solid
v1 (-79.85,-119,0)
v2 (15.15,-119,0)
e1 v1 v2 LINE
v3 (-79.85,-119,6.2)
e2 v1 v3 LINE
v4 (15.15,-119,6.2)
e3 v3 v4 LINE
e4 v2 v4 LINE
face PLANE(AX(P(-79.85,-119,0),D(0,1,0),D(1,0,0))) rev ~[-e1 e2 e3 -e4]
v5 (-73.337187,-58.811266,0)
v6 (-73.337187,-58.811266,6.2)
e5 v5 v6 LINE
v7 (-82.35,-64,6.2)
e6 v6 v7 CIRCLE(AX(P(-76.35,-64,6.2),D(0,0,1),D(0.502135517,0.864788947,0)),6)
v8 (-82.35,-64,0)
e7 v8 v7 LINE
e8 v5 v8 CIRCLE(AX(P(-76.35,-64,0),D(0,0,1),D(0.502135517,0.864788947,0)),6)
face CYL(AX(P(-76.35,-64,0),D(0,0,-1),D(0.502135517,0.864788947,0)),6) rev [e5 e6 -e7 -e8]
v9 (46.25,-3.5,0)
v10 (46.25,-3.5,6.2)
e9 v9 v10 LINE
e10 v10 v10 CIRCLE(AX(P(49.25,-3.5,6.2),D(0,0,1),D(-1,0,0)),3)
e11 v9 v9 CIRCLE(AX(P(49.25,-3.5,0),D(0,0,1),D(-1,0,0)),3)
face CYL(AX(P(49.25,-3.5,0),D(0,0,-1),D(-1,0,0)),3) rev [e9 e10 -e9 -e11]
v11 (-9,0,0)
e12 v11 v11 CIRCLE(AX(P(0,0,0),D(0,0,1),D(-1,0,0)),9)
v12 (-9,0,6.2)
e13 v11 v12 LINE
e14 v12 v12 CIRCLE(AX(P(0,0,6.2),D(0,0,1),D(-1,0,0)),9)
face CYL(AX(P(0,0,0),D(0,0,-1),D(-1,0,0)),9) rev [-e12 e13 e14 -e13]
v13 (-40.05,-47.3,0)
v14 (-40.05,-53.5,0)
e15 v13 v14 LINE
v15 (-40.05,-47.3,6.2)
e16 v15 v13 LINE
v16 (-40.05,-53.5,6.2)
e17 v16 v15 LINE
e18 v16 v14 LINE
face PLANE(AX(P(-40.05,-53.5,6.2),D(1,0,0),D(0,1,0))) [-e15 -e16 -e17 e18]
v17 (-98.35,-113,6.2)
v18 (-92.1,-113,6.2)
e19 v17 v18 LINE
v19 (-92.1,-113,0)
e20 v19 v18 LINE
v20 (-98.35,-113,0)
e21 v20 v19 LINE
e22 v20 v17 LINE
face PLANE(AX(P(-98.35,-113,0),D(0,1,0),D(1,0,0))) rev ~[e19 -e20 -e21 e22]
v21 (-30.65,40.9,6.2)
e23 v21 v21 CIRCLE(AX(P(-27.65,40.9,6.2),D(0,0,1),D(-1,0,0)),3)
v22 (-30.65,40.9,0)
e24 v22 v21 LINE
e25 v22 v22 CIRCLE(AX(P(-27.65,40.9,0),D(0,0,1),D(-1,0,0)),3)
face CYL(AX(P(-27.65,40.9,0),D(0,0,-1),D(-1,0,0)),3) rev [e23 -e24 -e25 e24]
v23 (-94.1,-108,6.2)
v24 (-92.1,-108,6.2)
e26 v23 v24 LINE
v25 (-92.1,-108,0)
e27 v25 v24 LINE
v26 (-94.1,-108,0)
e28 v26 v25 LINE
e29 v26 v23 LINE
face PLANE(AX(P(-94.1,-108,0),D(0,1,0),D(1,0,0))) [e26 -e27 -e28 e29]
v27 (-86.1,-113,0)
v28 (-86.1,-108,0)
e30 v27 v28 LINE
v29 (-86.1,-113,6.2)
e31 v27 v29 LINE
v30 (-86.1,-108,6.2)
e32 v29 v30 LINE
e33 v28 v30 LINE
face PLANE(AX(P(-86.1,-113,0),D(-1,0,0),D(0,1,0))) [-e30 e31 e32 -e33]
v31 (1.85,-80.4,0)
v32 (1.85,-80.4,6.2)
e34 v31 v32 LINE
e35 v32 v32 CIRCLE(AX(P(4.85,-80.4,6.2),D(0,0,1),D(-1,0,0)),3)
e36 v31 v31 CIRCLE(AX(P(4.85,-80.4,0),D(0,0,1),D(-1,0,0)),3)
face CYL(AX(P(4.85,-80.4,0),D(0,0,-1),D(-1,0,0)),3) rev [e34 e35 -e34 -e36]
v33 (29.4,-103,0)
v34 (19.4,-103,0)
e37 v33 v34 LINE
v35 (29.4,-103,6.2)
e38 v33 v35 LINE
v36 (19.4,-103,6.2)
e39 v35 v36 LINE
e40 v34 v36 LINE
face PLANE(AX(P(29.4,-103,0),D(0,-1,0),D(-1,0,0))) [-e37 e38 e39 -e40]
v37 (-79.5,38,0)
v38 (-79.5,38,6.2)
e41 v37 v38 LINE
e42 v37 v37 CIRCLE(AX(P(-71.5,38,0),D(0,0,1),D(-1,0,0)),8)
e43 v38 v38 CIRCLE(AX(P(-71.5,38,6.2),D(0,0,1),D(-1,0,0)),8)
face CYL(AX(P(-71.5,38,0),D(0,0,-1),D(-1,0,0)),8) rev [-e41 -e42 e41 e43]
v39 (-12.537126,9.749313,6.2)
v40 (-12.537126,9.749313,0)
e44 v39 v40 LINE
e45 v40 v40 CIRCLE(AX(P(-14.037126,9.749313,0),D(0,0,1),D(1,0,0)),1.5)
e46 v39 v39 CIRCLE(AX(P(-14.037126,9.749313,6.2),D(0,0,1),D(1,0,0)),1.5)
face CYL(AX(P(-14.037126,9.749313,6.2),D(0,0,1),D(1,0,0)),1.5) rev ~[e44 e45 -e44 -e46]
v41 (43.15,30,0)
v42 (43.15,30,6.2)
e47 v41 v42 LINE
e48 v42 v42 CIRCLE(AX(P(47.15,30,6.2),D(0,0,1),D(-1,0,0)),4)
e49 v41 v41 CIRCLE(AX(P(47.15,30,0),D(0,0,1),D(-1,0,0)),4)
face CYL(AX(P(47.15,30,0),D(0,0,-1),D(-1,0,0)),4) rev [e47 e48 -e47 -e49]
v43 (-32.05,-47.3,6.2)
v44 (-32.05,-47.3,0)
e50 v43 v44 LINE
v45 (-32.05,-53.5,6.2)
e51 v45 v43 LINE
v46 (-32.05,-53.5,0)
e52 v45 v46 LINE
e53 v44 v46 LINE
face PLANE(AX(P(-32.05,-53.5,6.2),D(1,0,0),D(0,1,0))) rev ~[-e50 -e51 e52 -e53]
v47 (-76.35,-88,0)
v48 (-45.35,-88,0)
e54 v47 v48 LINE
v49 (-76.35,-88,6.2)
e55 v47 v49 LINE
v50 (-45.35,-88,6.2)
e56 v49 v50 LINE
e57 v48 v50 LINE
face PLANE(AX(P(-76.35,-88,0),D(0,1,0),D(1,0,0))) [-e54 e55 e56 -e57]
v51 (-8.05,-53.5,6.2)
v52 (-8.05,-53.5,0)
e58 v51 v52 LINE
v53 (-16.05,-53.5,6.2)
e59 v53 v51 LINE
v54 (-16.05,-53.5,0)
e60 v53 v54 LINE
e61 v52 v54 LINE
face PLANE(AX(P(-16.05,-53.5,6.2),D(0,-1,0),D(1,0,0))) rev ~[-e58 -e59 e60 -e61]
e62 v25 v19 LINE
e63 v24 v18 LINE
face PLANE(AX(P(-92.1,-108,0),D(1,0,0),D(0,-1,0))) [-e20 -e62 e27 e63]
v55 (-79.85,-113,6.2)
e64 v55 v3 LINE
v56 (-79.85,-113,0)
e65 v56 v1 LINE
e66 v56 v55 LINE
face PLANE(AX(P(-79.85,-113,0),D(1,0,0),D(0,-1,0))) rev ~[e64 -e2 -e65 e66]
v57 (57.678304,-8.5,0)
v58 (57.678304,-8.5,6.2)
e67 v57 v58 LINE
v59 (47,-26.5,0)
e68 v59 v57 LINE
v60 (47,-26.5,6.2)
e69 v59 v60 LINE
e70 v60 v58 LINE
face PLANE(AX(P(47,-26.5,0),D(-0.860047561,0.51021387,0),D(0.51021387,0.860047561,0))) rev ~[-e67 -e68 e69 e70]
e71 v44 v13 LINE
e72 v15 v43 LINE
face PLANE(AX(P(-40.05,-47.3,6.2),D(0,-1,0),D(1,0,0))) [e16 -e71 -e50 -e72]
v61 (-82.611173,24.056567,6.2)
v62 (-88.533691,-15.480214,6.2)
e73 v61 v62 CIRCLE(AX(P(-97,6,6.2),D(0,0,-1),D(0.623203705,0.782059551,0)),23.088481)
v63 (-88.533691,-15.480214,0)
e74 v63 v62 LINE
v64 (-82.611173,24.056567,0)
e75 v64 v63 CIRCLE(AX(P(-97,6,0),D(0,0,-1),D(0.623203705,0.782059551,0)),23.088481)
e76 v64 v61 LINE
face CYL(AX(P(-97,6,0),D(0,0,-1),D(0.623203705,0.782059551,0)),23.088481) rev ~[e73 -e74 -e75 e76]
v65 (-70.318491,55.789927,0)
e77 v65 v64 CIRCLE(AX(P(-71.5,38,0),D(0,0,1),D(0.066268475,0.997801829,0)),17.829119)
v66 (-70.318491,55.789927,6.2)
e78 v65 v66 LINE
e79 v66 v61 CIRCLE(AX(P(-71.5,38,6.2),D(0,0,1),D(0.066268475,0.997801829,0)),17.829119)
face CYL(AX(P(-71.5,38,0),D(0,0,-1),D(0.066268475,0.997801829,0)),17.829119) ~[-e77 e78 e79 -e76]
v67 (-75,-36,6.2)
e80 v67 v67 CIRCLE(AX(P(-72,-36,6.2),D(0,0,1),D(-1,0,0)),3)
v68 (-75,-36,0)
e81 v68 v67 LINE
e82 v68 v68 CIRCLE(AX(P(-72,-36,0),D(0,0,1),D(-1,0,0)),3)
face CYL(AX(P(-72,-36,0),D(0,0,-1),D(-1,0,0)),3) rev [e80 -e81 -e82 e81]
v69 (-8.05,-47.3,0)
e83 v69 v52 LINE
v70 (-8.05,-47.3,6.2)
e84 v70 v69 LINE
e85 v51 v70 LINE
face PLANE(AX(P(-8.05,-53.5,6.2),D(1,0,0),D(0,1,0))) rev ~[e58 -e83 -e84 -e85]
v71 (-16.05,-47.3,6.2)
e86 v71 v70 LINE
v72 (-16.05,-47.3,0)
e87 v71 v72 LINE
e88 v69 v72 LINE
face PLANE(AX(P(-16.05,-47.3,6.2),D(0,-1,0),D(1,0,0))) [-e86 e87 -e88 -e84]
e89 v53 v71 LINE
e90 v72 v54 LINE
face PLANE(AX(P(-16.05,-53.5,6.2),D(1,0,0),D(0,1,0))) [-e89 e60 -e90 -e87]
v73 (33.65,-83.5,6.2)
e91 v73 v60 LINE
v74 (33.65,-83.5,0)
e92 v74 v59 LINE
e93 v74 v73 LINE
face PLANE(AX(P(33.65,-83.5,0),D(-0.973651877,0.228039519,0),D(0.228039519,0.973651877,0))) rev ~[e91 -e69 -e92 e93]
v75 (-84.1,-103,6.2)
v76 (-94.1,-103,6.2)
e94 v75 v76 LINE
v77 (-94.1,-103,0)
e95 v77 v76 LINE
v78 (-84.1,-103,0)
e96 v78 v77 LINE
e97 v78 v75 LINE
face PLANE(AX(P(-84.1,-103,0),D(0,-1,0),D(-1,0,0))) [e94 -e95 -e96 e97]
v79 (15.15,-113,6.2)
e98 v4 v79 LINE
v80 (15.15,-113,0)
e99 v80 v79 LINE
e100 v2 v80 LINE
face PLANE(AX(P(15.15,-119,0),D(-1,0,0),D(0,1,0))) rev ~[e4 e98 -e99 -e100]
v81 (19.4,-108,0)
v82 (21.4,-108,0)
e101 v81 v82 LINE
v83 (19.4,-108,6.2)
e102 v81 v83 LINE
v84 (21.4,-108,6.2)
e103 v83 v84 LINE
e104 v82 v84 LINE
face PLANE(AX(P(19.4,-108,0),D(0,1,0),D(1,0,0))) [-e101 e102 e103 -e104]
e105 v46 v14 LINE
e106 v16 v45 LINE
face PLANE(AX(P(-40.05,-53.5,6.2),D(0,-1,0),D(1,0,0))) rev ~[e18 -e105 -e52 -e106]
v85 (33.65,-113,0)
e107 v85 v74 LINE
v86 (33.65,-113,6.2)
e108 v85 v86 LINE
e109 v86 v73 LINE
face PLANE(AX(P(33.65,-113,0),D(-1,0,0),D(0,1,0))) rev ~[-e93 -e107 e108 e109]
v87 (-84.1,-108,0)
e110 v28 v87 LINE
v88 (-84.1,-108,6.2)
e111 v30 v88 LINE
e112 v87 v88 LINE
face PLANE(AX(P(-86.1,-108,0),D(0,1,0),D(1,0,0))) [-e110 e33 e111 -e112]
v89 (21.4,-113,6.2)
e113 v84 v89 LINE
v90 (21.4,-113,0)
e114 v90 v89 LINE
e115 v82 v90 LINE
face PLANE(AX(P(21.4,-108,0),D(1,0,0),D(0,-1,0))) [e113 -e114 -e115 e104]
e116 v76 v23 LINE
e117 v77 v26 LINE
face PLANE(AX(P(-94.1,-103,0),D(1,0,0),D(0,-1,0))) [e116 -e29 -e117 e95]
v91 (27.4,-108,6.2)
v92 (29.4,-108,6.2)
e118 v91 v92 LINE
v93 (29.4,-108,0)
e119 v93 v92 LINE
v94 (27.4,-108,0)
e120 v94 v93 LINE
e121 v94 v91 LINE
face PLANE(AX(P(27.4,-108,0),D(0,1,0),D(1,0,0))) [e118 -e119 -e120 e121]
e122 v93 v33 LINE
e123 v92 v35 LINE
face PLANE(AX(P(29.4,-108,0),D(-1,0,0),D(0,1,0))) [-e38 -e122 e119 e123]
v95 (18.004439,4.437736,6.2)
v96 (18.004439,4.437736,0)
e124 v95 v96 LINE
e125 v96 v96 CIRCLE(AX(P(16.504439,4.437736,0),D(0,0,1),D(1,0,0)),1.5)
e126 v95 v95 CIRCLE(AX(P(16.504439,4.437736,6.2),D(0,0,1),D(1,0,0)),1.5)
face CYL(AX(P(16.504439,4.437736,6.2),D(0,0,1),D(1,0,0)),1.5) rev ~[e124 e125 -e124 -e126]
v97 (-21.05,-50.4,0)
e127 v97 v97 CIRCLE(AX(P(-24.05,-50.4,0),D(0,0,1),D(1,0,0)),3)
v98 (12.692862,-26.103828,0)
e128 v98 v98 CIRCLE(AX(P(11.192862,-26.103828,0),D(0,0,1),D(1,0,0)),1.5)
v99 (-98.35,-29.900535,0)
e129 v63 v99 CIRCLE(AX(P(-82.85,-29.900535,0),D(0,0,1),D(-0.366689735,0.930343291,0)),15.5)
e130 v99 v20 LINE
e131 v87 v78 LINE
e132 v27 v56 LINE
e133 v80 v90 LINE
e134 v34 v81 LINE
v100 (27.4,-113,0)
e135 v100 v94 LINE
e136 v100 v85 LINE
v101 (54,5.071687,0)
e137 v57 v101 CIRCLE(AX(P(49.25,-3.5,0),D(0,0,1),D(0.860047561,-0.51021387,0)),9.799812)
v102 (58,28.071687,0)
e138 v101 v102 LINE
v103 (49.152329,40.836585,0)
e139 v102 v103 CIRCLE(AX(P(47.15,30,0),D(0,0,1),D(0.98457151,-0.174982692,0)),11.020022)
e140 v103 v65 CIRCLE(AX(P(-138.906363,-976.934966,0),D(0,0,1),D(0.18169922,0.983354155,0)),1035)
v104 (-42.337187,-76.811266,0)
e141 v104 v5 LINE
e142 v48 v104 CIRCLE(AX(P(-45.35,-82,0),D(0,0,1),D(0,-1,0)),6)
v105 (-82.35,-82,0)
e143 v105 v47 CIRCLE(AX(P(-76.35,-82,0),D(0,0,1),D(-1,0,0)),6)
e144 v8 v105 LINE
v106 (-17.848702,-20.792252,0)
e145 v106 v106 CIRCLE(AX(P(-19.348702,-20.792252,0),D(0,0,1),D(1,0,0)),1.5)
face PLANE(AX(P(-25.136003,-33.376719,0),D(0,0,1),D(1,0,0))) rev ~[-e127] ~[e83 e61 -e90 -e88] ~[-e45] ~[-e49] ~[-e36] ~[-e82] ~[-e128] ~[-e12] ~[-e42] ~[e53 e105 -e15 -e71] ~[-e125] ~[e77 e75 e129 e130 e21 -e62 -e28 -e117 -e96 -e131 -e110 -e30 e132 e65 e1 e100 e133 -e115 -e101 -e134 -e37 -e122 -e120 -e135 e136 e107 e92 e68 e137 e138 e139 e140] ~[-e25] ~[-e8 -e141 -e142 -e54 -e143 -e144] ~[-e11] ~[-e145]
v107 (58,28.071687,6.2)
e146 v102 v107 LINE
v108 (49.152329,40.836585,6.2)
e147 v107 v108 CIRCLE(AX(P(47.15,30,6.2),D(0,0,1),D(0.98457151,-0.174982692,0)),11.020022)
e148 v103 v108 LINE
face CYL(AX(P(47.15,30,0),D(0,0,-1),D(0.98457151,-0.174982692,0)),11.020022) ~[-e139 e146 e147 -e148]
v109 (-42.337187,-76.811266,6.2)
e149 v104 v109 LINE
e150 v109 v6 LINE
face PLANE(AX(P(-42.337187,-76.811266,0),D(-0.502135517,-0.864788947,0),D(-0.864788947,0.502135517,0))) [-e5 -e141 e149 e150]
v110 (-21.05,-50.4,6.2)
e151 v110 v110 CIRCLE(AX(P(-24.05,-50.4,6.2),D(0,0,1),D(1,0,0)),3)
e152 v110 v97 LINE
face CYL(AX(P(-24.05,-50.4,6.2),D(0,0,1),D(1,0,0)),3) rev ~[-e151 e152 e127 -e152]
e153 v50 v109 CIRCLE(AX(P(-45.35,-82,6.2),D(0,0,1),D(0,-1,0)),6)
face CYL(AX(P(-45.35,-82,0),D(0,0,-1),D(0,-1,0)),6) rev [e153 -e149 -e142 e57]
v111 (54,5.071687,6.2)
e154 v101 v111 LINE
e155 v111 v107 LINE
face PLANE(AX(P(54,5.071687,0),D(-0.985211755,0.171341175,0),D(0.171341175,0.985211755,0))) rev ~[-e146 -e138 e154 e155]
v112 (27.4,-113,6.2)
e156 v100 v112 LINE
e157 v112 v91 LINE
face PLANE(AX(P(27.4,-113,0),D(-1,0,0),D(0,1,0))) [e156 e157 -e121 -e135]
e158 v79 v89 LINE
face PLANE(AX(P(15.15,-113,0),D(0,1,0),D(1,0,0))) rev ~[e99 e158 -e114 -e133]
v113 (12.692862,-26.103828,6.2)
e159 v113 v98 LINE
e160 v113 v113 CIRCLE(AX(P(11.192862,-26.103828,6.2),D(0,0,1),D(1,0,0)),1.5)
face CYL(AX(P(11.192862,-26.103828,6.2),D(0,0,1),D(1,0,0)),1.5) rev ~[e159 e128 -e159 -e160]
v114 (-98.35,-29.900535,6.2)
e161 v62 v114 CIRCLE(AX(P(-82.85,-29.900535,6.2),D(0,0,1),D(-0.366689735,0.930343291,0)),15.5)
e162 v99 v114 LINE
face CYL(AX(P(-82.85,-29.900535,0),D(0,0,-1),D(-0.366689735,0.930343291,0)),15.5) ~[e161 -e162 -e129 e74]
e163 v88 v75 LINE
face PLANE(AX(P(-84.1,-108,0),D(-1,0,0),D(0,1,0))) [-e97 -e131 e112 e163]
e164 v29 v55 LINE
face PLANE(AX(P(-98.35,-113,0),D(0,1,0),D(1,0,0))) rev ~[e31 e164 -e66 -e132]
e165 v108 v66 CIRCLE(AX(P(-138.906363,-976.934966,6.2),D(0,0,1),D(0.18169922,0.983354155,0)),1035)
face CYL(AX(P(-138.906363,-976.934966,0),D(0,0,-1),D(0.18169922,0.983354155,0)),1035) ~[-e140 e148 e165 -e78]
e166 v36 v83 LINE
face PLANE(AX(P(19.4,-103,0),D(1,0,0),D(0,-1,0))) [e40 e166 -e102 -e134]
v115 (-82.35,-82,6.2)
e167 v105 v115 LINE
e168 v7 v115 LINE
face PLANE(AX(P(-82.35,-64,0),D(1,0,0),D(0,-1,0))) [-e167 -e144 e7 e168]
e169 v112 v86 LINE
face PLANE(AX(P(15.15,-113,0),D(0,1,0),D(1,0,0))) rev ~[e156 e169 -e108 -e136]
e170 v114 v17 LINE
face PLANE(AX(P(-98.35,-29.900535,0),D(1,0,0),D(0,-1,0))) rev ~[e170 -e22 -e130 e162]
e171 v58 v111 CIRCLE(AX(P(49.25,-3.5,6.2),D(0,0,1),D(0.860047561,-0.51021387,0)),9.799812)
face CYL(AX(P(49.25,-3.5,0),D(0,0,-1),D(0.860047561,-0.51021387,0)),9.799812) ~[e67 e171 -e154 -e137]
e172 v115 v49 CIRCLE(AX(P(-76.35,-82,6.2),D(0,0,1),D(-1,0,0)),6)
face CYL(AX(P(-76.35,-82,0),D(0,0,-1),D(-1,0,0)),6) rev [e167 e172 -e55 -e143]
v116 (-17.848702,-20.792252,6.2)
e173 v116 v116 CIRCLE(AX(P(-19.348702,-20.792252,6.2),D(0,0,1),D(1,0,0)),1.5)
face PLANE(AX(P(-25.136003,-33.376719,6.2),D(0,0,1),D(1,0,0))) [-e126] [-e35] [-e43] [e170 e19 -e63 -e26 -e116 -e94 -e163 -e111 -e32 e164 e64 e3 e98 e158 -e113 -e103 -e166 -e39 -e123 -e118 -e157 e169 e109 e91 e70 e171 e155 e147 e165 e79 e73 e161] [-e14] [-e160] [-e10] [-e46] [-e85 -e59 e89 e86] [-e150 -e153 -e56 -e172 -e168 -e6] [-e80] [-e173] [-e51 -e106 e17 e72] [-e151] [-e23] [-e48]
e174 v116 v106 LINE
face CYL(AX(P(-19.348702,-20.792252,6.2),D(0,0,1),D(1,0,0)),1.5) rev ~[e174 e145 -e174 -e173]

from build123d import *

# Parameters (mm, degrees)
SKETCH1_R           = 4
SKETCH1_R_2         = 8
SKETCH1_R_3         = 3
SKETCH1_R_4         = 9
BOSS_EXTRUDE1_DEPTH = 6.2
CUT_EXTRUDE1_REACH  = 156.506
SKETCH2_R           = 1.5
CUT_EXTRUDE2_REACH  = 156.506
CUT_EXTRUDE3_REACH  = 156.506
SKETCH4_R           = 3
SKETCH4_W           = 8
SKETCH4_H           = 6.2


with BuildPart() as part:
    # Sketch1 → Boss-Extrude1 (new body)
    with BuildSketch(Plane.XY):
        with BuildLine():
            Line((33.65, -83.5), (47, -26.5))
            Line((47, -26.5), (57.678304402, -8.5))
            ThreePointArc((57.678304402, -8.5), (58.708572703, -0.936463864), (54, 5.071686829))
            Line((54, 5.071686829), (58, 28.071686829))
            ThreePointArc((58, 28.071686829), (56.207110337, 36.277710094), (49.152329455, 40.836584722))
            ThreePointArc((49.152329455, 40.836584722), (-10.365453902, 50.052003716), (-70.318491494, 55.789927265))
            ThreePointArc((-70.318491494, 55.789927265), (-88.125314746, 44.440216148), (-82.611172846, 24.056567409))
            ThreePointArc((-82.611172846, 24.056567409), (-74.166284142, 2.579562371), (-88.533690885, -15.480213766))
            ThreePointArc((-88.533690885, -15.480213766), (-95.663024793, -21.178356395), (-98.35, -29.900534772))
            Line((-98.35, -29.900534772), (-98.35, -113))
            Line((-98.35, -113), (-79.85, -113))
            Line((-79.85, -113), (-79.85, -119))
            Line((-79.85, -119), (15.15, -119))
            Line((15.15, -119), (15.15, -113))
            Line((15.15, -113), (33.65, -113))
            Line((33.65, -113), (33.65, -83.5))
        make_face()
        with Locations(Location((47.15, 30, 0), (0, 0, 180))):
            Circle(SKETCH1_R, mode=Mode.SUBTRACT)
        with Locations(Location((-71.5, 38, 0), (0, 0, 180))):
            Circle(SKETCH1_R_2, mode=Mode.SUBTRACT)
        with Locations(Location((-27.65, 40.9, 0), (0, 0, 180))):
            Circle(SKETCH1_R_3, mode=Mode.SUBTRACT)
        with Locations(Location((4.85, -80.4, 0), (0, 0, 180))):
            Circle(SKETCH1_R_3, mode=Mode.SUBTRACT)
        with Locations(Location((49.25, -3.5, 0), (0, 0, 180))):
            Circle(SKETCH1_R_3, mode=Mode.SUBTRACT)
        with Locations(Location((-72, -36, 0), (0, 0, 180))):
            Circle(SKETCH1_R_3, mode=Mode.SUBTRACT)
        with Locations(Location((0, 0, 0), (0, 0, 180))):
            Circle(SKETCH1_R_4, mode=Mode.SUBTRACT)
        with BuildLine():
            Line((-82.35, -64), (-82.35, -82))
            ThreePointArc((-82.35, -82), (-80.592640687, -86.242640687), (-76.35, -88))
            Line((-76.35, -88), (-45.35, -88))
            ThreePointArc((-45.35, -88), (-39.556365472, -83.560063768), (-42.337186896, -76.81126632))
            Line((-42.337186896, -76.81126632), (-73.337186896, -58.81126632))
            ThreePointArc((-73.337186896, -58.81126632), (-79.343586593, -58.800150068), (-82.35, -64))
        make_face(mode=Mode.SUBTRACT)
    extrude(amount=BOSS_EXTRUDE1_DEPTH)

    # Sketch2 → Cut-Extrude1 (cut, up to next)
    with BuildSketch(Plane.XY.offset(6.2), mode=Mode.PRIVATE) as cut_extrude1_sk1:
        with Locations((-19.348702159, -20.792251556)):
            Circle(SKETCH2_R)
    cut_extrude1_tool1 = extrude(cut_extrude1_sk1.sketch, amount=-CUT_EXTRUDE1_REACH, mode=Mode.PRIVATE) & part.part
    # Sketch2 → Cut-Extrude1 (cut, up to next)
    with BuildSketch(Plane.XY.offset(6.2), mode=Mode.PRIVATE) as cut_extrude1_sk2:
        with Locations((11.192862241, -26.103827973)):
            Circle(SKETCH2_R)
    cut_extrude1_tool2 = extrude(cut_extrude1_sk2.sketch, amount=-CUT_EXTRUDE1_REACH, mode=Mode.PRIVATE) & part.part
    # Sketch2 → Cut-Extrude1 (cut, up to next)
    with BuildSketch(Plane.XY.offset(6.2), mode=Mode.PRIVATE) as cut_extrude1_sk3:
        with Locations((-14.037125741, 9.749312843)):
            Circle(SKETCH2_R)
    cut_extrude1_tool3 = extrude(cut_extrude1_sk3.sketch, amount=-CUT_EXTRUDE1_REACH, mode=Mode.PRIVATE) & part.part
    # Sketch2 → Cut-Extrude1 (cut, up to next)
    with BuildSketch(Plane.XY.offset(6.2), mode=Mode.PRIVATE) as cut_extrude1_sk4:
        with Locations((16.504438658, 4.437736426)):
            Circle(SKETCH2_R)
    cut_extrude1_tool4 = extrude(cut_extrude1_sk4.sketch, amount=-CUT_EXTRUDE1_REACH, mode=Mode.PRIVATE) & part.part
    add(cut_extrude1_tool1.solids().sort_by_distance((-19.348702, -20.792252, 6.2))[0], mode=Mode.SUBTRACT)
    add(cut_extrude1_tool2.solids().sort_by_distance((11.192862, -26.103828, 6.2))[0], mode=Mode.SUBTRACT)
    add(cut_extrude1_tool3.solids().sort_by_distance((-14.037126, 9.749313, 6.2))[0], mode=Mode.SUBTRACT)
    add(cut_extrude1_tool4.solids().sort_by_distance((16.504439, 4.437736, 6.2))[0], mode=Mode.SUBTRACT)

    # Sketch3 → Cut-Extrude2 (cut, up to next)
    with BuildSketch(Plane(origin=(0, 0, 0), x_dir=(-1, 0, 0), z_dir=(0, 0, -1)), mode=Mode.PRIVATE) as cut_extrude2_sk1:
        Polygon((-29.4, -103), (-19.4, -103), (-19.4, -108), (-21.4, -108), (-21.4, -113), (-27.4, -113), (-27.4, -108), (-29.4, -108), align=None)
    cut_extrude2_tool1 = extrude(cut_extrude2_sk1.sketch, amount=-CUT_EXTRUDE2_REACH, mode=Mode.PRIVATE) & part.part
    # Sketch3 → Cut-Extrude2 (cut, up to next)
    with BuildSketch(Plane(origin=(0, 0, 0), x_dir=(-1, 0, 0), z_dir=(0, 0, -1)), mode=Mode.PRIVATE) as cut_extrude2_sk2:
        Polygon((92.1, -113), (86.1, -113), (86.1, -108), (84.1, -108), (84.1, -103), (94.1, -103), (94.1, -108), (92.1, -108), align=None)
    cut_extrude2_tool2 = extrude(cut_extrude2_sk2.sketch, amount=-CUT_EXTRUDE2_REACH, mode=Mode.PRIVATE) & part.part
    add(cut_extrude2_tool1.solids().sort_by_distance((24.4, -107.375, 0))[0], mode=Mode.SUBTRACT)
    add(cut_extrude2_tool2.solids().sort_by_distance((-89.1, -107.375, 0))[0], mode=Mode.SUBTRACT)

    # Sketch4 → Cut-Extrude3 (cut, up to next)
    with BuildSketch(Plane.XY.offset(6.2), mode=Mode.PRIVATE) as cut_extrude3_sk1:
        with Locations((-24.05, -50.4)):
            Circle(SKETCH4_R)
    cut_extrude3_tool1 = extrude(cut_extrude3_sk1.sketch, amount=-CUT_EXTRUDE3_REACH, mode=Mode.PRIVATE) & part.part
    # Sketch4 → Cut-Extrude3 (cut, up to next)
    with BuildSketch(Plane.XY.offset(6.2), mode=Mode.PRIVATE) as cut_extrude3_sk2:
        with Locations((-36.05, -50.4)):
            Rectangle(SKETCH4_W, SKETCH4_H)
    cut_extrude3_tool2 = extrude(cut_extrude3_sk2.sketch, amount=-CUT_EXTRUDE3_REACH, mode=Mode.PRIVATE) & part.part
    # Sketch4 → Cut-Extrude3 (cut, up to next)
    with BuildSketch(Plane.XY.offset(6.2), mode=Mode.PRIVATE) as cut_extrude3_sk3:
        with Locations((-12.05, -50.4)):
            Rectangle(SKETCH4_W, SKETCH4_H)
    cut_extrude3_tool3 = extrude(cut_extrude3_sk3.sketch, amount=-CUT_EXTRUDE3_REACH, mode=Mode.PRIVATE) & part.part
    add(cut_extrude3_tool1.solids().sort_by_distance((-24.05, -50.4, 6.2))[0], mode=Mode.SUBTRACT)
    add(cut_extrude3_tool2.solids().sort_by_distance((-36.05, -50.4, 6.2))[0], mode=Mode.SUBTRACT)
    add(cut_extrude3_tool3.solids().sort_by_distance((-12.05, -50.4, 6.2))[0], mode=Mode.SUBTRACT)


solid = part.part
